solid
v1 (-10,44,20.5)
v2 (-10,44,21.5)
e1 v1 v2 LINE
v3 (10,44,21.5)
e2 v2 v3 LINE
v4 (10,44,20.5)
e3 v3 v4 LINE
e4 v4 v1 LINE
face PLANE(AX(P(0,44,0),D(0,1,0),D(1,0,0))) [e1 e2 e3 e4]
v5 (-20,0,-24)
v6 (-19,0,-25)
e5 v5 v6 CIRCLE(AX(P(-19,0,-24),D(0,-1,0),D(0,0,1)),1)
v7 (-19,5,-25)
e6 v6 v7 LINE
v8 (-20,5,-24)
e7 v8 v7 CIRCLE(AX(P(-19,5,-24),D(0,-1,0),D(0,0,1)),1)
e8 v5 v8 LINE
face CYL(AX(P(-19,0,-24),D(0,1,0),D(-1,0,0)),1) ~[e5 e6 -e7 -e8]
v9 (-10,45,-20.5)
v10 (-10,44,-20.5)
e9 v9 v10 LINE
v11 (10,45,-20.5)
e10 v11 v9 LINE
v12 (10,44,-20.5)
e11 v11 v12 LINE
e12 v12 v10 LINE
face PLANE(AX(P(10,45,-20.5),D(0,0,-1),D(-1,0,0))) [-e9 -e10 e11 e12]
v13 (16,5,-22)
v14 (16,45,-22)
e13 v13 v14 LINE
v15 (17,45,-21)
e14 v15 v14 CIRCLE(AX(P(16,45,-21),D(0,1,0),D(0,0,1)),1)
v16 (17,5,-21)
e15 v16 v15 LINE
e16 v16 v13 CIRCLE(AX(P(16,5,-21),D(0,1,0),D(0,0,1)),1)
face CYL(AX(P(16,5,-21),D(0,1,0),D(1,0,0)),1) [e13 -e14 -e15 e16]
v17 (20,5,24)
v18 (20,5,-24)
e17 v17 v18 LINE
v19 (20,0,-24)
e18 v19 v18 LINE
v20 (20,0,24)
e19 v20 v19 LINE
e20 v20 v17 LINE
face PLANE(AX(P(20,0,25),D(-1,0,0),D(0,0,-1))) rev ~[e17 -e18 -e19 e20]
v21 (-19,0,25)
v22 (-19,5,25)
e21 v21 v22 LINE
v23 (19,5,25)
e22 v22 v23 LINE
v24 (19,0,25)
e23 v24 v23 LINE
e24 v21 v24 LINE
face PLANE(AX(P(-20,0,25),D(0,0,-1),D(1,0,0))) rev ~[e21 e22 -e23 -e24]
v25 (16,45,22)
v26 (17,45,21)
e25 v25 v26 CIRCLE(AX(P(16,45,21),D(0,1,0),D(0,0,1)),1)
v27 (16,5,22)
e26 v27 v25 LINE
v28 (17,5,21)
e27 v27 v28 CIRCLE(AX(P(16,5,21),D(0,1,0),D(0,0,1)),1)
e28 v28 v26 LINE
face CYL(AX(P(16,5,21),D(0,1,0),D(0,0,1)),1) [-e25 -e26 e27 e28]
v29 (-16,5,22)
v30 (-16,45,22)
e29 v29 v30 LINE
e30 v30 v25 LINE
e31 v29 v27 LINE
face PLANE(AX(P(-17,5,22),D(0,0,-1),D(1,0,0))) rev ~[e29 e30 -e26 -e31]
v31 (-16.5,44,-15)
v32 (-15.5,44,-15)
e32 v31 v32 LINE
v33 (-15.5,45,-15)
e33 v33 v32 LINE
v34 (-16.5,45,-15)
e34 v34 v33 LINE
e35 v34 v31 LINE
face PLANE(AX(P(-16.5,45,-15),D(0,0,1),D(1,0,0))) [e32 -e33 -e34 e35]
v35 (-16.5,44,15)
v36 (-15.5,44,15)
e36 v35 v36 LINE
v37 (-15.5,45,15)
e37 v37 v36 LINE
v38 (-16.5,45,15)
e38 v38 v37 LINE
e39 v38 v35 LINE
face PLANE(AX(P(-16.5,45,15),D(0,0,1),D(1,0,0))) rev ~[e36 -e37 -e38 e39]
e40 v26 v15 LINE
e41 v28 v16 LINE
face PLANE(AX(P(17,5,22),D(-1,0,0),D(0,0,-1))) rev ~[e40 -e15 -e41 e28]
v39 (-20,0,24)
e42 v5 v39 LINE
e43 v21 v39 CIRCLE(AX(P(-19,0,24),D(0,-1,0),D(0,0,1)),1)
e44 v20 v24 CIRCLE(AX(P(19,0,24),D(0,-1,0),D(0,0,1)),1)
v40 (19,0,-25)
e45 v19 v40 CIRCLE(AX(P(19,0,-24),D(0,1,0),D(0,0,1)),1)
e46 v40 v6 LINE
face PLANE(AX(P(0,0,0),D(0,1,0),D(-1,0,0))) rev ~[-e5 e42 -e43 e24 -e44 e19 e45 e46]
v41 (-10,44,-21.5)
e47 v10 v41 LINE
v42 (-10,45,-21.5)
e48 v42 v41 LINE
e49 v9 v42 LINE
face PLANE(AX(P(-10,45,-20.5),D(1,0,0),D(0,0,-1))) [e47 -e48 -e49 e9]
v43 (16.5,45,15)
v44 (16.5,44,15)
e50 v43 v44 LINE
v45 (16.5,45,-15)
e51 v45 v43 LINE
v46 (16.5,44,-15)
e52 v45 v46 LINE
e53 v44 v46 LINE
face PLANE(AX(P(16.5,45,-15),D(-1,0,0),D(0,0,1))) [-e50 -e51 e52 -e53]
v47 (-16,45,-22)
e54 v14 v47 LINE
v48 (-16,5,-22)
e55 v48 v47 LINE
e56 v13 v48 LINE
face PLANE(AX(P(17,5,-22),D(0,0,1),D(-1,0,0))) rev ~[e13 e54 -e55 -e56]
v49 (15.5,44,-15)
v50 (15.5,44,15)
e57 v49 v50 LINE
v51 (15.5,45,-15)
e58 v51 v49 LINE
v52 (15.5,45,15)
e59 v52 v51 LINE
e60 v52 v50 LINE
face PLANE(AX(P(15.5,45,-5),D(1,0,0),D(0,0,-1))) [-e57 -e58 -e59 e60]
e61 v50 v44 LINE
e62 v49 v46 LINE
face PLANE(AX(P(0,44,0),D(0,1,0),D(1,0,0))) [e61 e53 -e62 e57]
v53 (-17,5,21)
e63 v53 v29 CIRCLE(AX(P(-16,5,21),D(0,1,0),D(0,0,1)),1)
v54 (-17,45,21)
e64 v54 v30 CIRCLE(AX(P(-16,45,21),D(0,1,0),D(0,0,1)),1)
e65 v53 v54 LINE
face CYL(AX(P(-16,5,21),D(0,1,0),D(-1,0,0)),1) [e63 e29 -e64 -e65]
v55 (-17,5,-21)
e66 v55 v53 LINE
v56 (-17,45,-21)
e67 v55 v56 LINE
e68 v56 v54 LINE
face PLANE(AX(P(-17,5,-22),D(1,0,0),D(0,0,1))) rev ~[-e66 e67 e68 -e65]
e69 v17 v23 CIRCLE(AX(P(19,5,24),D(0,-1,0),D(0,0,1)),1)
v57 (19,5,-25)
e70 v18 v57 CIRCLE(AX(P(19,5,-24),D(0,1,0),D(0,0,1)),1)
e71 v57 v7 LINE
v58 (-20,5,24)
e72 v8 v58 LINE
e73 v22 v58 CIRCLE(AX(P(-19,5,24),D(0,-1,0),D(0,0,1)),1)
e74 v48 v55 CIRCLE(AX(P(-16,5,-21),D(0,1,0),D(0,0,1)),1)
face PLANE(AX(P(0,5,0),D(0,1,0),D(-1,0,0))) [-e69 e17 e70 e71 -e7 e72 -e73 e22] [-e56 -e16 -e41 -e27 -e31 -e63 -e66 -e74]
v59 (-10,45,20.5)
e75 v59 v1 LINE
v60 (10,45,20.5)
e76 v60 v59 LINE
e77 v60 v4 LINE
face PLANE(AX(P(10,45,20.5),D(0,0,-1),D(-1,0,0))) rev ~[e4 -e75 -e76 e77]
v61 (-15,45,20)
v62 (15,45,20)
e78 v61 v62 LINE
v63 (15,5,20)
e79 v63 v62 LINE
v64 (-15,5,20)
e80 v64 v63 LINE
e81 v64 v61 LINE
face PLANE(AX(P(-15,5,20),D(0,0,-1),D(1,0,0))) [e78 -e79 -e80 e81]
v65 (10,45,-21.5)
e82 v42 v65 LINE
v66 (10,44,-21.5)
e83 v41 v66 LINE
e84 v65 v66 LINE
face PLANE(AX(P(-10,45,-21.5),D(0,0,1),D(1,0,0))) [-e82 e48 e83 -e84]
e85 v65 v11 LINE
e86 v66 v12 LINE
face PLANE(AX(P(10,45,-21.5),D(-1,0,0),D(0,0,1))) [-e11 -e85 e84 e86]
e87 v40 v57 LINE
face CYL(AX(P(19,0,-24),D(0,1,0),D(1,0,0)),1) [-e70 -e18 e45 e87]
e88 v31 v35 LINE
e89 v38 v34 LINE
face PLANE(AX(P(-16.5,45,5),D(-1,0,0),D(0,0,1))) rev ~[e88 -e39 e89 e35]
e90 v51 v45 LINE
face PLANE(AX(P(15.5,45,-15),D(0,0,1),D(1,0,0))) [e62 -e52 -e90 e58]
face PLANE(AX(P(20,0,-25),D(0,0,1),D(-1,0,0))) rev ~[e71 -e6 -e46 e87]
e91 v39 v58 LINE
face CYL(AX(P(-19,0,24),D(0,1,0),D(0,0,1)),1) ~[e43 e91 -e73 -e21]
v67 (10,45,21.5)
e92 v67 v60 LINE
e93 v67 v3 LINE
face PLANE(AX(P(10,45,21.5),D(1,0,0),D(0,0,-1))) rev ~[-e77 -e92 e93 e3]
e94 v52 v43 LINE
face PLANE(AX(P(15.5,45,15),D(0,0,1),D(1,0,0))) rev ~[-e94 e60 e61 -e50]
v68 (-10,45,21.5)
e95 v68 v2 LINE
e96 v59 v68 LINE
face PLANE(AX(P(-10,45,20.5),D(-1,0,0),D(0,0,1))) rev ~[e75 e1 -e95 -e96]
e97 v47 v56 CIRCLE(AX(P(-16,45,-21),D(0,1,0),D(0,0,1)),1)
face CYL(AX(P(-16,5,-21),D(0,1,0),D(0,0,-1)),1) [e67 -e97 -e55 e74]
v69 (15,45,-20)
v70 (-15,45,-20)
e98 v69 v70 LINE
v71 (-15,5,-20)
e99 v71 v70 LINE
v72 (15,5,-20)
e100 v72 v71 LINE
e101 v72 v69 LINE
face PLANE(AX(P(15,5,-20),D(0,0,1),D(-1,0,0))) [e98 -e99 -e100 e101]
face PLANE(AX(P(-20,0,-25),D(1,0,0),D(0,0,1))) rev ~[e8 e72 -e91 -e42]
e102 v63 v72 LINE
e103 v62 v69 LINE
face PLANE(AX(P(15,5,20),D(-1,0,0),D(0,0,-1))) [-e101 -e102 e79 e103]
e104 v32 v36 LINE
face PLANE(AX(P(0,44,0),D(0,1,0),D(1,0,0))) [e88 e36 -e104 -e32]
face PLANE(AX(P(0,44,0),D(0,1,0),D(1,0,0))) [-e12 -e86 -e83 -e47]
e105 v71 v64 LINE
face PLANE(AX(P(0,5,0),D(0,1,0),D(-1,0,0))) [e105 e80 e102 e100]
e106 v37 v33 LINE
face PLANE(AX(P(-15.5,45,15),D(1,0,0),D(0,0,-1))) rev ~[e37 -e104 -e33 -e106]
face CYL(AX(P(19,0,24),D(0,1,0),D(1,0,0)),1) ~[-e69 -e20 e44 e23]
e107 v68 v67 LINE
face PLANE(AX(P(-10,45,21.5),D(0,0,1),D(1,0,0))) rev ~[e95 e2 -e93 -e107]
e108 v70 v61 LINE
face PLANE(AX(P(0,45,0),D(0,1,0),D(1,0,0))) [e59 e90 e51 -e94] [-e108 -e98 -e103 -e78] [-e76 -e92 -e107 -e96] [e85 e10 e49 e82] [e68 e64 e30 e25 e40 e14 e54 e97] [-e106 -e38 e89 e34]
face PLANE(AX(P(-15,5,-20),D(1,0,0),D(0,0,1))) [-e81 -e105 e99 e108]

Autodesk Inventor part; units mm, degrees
ref_plane "YZ Plane" through (0, 0, 0) normal (1, 0, 0) x (0, 1, 0)
ref_plane "XZ Plane" through (0, 0, 0) normal (0, 1, 0) x (-1, 0, 0)
ref_plane "XY Plane" through (0, 0, 0) normal (0, 0, 1) x (1, 0, 0)
sketch "Sketch1" plane through (0, 0, 0) normal (0, 1, 0) x (-1, 0, 0)
  line L0 (-20, -25) -> (20, -25)
  line L1 (20, -25) -> (20, 25)
  line L2 (20, 25) -> (-20, 25)
  line L3 (-20, 25) -> (-20, -25)
  line L4 (-20, -25) -> (20, 25) construction
  line L5 (20, -25) -> (-20, 25) construction
  point P0 (0, 0)
  dimension "d2" = 40
  dimension "d3" = 50
extrude "Extrusion1" add sketch "Sketch1" along normal blind 5
sketch "Sketch2" plane through (0, 5, 0) normal (0, 1, 0) x (1, 0, 0)
  line L0 (-20, 25) -> (-20, -25) projected
  line L1 (-20, -25) -> (20, -25) projected
  line L2 (20, -25) -> (20, 25) projected
  line L3 (20, 25) -> (-20, 25) projected
  line L4 (17, 22) -> (-17, 22)
  line L5 (-17, 22) -> (-17, -22)
  line L6 (-17, -22) -> (17, -22)
  line L7 (17, -22) -> (17, 22)
  line L8 (17, 22) -> (-17, -22) construction
  line L9 (-17, 22) -> (17, -22) construction
  line L10 (15, 20) -> (-15, 20)
  line L11 (-15, 20) -> (-15, -20)
  line L12 (-15, -20) -> (15, -20)
  line L13 (15, -20) -> (15, 20)
  line L14 (15, 20) -> (-15, -20) construction
  line L15 (-15, 20) -> (15, -20) construction
  point P0 (0, 0)
  dimension "d6" = 3
  dimension "d7" = 2
  dimension "d52" = 3
  dimension "d53" = 2
extrude "Extrusion2" add sketch "Sketch2" along normal blind 40 contours L7 L6 L5 L4
fillet "Fillet1" radius 1 1 edges at (20, 2.5, 25)
fillet "Fillet2" radius 1 1 edges at (20, 2.5, -25)
fillet "Fillet3" radius 1 1 edges at (-20, 2.5, 25)
fillet "Fillet4" radius 1 1 edges at (-20, 2.5, -25)
fillet "Fillet5" radius 1 1 edges at (-17, 25, 22)
fillet "Fillet6" radius 1 1 edges at (17, 25, 22)
fillet "Fillet7" radius 1 1 edges at (17, 25, -22)
fillet "Fillet8" radius 1 1 edges at (-17, 25, -22)
sketch "Sketch3" plane through (0, 45, 0) normal (0, 1, 0) x (1, 0, 0)
  arc A0 (-16, 22) -> (-17, 21) centre (-16, 21) ccw projected
  line L0 (-17, 21) -> (-17, -21) projected
  arc A1 (-17, -21) -> (-16, -22) centre (-16, -21) ccw projected
  line L1 (-16, -22) -> (16, -22) projected
  arc A2 (16, -22) -> (17, -21) centre (16, -21) ccw projected
  line L2 (17, -21) -> (17, 21) projected
  arc A3 (17, 21) -> (16, 22) centre (16, 21) ccw projected
  line L3 (16, 22) -> (-16, 22) projected
  line L4 (15, 20) -> (15, -20) projected
  line L5 (15, -20) -> (-15, -20) projected
  line L6 (-15, -20) -> (-15, 20) projected
  line L7 (-15, 20) -> (15, 20) projected
  line L8 (-16.5, -15) -> (-15.5, -15)
  line L9 (-15.5, -15) -> (-15.5, 5)
  line L10 (-15.5, 5) -> (-16.5, 5)
  line L11 (-16.5, 5) -> (-16.5, -15)
  line L12 (-16.5, 15) -> (-15.5, 15)
  line L13 (-15.5, 15) -> (-15.5, -5)
  line L14 (-15.5, -5) -> (-16.5, -5)
  line L15 (-16.5, -5) -> (-16.5, 15)
  line L16 (-10, 21.5) -> (10, 21.5)
  line L17 (10, 21.5) -> (10, 20.5)
  line L18 (10, 20.5) -> (-10, 20.5)
  line L19 (-10, 20.5) -> (-10, 21.5)
  line L20 (10, 21.5) -> (-10, 21.5)
  line L21 (-10, 21.5) -> (-10, 20.5)
  line L22 (-10, 20.5) -> (10, 20.5)
  line L23 (10, 20.5) -> (10, 21.5)
  line L24 (15.5, 15) -> (16.5, 15)
  line L25 (16.5, 15) -> (16.5, -5)
  line L26 (16.5, -5) -> (15.5, -5)
  line L27 (15.5, -5) -> (15.5, 15)
  line L28 (15.5, -15) -> (16.5, -15)
  line L29 (16.5, -15) -> (16.5, 5)
  line L30 (16.5, 5) -> (15.5, 5)
  line L31 (15.5, 5) -> (15.5, -15)
  line L32 (10, -20.5) -> (-10, -20.5)
  line L33 (-10, -20.5) -> (-10, -21.5)
  line L34 (-10, -21.5) -> (10, -21.5)
  line L35 (10, -21.5) -> (10, -20.5)
  line L36 (-10, -20.5) -> (10, -20.5)
  line L37 (10, -20.5) -> (10, -21.5)
  line L38 (10, -21.5) -> (-10, -21.5)
  line L39 (-10, -21.5) -> (-10, -20.5)
  point P0 (0, 0)
  point P1 (-16, 15)
  point P2 (-16, -5)
  point P3 (16, 15)
  dimension "d18" = 1
  dimension "d19" = 20
  dimension "d20" = 0.5
  dimension "d21" = 7
  dimension "d22" = 7
  dimension "d23" = 0.5
  dimension "d24" = 1
  dimension "d25" = 20
  dimension "d26" = 20
  dimension "d27" = 1
  dimension "d28" = 0.5
  dimension "d29" = 7
  dimension "d30" = 20
  dimension "d31" = 1
  dimension "d32" = 0.5
  dimension "d33" = 7
  dimension "d34" = 1
  dimension "d35" = 20
  dimension "d36" = 0.5
  dimension "d37" = 7
  dimension "d38" = 1
  dimension "d39" = 20
  dimension "d40" = 7
  dimension "d41" = 0.5
  dimension "d42" = 20
  dimension "d43" = 1
  dimension "d44" = 0.5
  dimension "d45" = 7
  dimension "d46" = 20
  dimension "d47" = 1
  dimension "d48" = 0.5
  dimension "d49" = 7
extrude "Extrusion3" cut sketch "Sketch3" against normal blind 1 contours L11 L14 L9 L8 | L11 L10 L9 L14 | L15 L12 L13 L10 | L16 L17 L18 L19 | L24 L25 L30 L27 | L30 L25 L26 L27 | L26 L29 L28 L31 | L35 L34 L33 L32
properties part number "block_main" material "PC/ABS Plastic"
